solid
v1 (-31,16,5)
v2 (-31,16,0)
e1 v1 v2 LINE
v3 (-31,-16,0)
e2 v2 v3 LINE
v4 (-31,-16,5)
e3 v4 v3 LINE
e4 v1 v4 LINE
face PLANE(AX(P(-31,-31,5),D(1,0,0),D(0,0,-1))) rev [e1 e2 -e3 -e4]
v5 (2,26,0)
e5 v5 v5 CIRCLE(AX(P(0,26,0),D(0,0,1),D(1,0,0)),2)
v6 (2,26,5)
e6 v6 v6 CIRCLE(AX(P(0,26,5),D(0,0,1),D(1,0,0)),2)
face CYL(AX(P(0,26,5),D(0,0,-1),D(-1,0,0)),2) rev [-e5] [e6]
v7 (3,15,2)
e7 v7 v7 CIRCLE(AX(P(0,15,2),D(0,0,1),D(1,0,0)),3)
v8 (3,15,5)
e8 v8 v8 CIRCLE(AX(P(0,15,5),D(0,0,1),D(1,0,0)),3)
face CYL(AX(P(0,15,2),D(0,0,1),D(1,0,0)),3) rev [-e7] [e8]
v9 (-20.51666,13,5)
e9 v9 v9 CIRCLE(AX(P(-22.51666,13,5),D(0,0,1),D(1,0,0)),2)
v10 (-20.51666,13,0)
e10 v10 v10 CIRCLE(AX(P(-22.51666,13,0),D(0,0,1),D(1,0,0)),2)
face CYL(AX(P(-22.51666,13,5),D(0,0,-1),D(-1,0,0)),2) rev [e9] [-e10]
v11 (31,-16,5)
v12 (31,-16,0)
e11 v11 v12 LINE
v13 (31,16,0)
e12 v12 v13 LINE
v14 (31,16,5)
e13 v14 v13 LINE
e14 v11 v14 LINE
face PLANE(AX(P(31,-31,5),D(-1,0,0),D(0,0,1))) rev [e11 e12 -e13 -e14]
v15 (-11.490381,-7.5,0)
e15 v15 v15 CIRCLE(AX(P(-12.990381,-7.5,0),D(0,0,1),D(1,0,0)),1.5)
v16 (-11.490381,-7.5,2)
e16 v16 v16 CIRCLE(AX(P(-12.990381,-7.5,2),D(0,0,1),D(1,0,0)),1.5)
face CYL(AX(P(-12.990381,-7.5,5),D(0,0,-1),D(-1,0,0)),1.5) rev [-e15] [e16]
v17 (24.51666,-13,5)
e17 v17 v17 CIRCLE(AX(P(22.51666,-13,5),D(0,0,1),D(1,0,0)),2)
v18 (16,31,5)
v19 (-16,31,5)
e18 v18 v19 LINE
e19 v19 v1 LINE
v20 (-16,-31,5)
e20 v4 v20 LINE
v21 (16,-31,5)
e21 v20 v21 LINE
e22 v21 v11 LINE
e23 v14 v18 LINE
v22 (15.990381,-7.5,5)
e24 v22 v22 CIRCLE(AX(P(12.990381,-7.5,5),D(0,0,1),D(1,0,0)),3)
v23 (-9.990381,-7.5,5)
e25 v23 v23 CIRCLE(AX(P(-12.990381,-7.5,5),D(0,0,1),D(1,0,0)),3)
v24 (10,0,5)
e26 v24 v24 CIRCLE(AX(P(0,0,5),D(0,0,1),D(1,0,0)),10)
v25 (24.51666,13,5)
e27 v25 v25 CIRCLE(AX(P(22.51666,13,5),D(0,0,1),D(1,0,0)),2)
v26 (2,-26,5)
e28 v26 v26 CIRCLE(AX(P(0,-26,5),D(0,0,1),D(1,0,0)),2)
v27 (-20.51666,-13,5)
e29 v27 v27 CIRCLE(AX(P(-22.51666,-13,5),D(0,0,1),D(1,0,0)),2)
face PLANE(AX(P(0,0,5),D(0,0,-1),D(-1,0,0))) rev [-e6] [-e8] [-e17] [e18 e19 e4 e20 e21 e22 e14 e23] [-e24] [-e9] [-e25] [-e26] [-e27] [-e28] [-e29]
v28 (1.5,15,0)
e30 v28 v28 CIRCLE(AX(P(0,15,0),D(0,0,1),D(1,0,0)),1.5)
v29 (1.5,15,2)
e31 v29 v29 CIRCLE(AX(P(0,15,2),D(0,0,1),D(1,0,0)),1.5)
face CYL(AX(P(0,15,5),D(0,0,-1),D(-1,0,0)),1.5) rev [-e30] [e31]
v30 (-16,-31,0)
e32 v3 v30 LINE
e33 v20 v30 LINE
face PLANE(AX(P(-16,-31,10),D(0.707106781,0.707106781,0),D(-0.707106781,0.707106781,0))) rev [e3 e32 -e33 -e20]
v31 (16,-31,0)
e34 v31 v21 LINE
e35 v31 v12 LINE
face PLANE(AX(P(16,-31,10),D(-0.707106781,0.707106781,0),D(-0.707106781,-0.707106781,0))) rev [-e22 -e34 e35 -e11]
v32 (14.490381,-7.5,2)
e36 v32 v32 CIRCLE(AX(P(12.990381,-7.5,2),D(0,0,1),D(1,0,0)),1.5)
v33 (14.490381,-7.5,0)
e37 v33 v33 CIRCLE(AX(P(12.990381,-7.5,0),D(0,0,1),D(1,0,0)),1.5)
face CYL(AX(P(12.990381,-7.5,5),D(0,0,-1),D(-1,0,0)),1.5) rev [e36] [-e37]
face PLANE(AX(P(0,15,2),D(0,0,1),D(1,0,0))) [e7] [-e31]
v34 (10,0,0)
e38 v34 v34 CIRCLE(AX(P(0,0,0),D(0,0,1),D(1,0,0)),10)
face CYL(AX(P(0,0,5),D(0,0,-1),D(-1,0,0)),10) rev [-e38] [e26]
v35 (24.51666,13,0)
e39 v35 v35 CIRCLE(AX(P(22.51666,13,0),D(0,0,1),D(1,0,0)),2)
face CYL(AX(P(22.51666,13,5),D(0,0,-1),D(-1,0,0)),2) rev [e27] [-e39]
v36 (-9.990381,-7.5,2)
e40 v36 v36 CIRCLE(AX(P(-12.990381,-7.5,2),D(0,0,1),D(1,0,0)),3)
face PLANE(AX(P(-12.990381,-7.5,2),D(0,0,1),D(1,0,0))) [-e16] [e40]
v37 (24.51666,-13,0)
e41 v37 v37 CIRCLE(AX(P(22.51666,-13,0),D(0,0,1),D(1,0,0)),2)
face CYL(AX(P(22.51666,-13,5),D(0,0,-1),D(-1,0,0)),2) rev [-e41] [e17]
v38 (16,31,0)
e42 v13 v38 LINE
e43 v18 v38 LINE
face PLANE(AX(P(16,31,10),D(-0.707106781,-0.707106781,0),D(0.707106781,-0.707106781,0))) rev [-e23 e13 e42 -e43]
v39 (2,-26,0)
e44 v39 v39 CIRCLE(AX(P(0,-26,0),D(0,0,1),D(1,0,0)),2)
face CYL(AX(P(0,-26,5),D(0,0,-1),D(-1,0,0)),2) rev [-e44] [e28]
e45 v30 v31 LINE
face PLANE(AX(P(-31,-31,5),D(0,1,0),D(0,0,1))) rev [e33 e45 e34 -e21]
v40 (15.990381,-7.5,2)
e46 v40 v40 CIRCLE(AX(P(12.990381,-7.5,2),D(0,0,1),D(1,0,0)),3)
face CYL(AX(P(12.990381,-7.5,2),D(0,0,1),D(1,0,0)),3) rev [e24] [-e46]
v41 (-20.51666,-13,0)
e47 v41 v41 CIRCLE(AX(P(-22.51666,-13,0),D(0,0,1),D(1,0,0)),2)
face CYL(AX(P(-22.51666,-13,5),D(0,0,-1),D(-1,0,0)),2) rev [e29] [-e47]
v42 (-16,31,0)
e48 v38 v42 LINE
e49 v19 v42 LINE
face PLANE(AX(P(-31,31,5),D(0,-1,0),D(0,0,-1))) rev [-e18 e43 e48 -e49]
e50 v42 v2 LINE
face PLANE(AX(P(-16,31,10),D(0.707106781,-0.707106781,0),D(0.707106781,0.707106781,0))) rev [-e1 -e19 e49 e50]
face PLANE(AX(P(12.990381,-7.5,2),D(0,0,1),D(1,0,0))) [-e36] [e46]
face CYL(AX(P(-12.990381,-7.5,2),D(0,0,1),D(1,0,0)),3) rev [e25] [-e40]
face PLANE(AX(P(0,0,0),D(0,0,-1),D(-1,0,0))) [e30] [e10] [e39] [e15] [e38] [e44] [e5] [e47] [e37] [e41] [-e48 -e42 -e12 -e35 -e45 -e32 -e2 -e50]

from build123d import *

# Parameters (mm, degrees)
SKETCH1_W           = 62
SKETCH1_H           = 62
SKETCH1_R           = 10
SKETCH1_R_2         = 2
SKETCH1_R_3         = 1.5
BOSS_EXTRUDE1_DEPTH = 5
CUT_EXTRUDE2_DEPTH  = 10
SKETCH4_R           = 3
CUT_EXTRUDE3_DEPTH  = 3


with BuildPart() as part:
    # Sketch1 → Boss-Extrude1 (new body)
    with BuildSketch(Plane.XY):
        Rectangle(SKETCH1_W, SKETCH1_H)
        Circle(SKETCH1_R, mode=Mode.SUBTRACT)
        with Locations((0, 26)):
            Circle(SKETCH1_R_2, mode=Mode.SUBTRACT)
        with Locations((0, 15)):
            Circle(SKETCH1_R_3, mode=Mode.SUBTRACT)
        with Locations((22.516660498, 13)):
            Circle(SKETCH1_R_2, mode=Mode.SUBTRACT)
        with Locations((22.516660498, -13)):
            Circle(SKETCH1_R_2, mode=Mode.SUBTRACT)
        with Locations((0, -26)):
            Circle(SKETCH1_R_2, mode=Mode.SUBTRACT)
        with Locations((-22.516660498, -13)):
            Circle(SKETCH1_R_2, mode=Mode.SUBTRACT)
        with Locations((-22.516660498, 13)):
            Circle(SKETCH1_R_2, mode=Mode.SUBTRACT)
        with Locations((12.990381057, -7.5)):
            Circle(SKETCH1_R_3, mode=Mode.SUBTRACT)
        with Locations((-12.990381057, -7.5)):
            Circle(SKETCH1_R_3, mode=Mode.SUBTRACT)
    extrude(amount=BOSS_EXTRUDE1_DEPTH)

    # Sketch3 → Cut-Extrude2 (cut)
    with BuildSketch(Plane(origin=(0, 0, 0), x_dir=(-1, 0, 0), z_dir=(0, 0, -1))):
        Polygon((-31, 31), (-31, 16), (-16, 31), align=None)
        Polygon((31, 31), (16, 31), (31, 16), align=None)
        Polygon((31, -31), (31, -16), (16, -31), align=None)
        Polygon((-31, -31), (-16, -31), (-31, -16), align=None)
    extrude(amount=-CUT_EXTRUDE2_DEPTH, mode=Mode.SUBTRACT)

    # Sketch4 → Cut-Extrude3 (cut)
    with BuildSketch(Plane.XY.offset(5)):
        with Locations((0, 15)):
            Circle(SKETCH4_R)
        with Locations((12.990381057, -7.5)):
            Circle(SKETCH4_R)
        with Locations((-12.990381057, -7.5)):
            Circle(SKETCH4_R)
    extrude(amount=-CUT_EXTRUDE3_DEPTH, mode=Mode.SUBTRACT)


solid = part.part
